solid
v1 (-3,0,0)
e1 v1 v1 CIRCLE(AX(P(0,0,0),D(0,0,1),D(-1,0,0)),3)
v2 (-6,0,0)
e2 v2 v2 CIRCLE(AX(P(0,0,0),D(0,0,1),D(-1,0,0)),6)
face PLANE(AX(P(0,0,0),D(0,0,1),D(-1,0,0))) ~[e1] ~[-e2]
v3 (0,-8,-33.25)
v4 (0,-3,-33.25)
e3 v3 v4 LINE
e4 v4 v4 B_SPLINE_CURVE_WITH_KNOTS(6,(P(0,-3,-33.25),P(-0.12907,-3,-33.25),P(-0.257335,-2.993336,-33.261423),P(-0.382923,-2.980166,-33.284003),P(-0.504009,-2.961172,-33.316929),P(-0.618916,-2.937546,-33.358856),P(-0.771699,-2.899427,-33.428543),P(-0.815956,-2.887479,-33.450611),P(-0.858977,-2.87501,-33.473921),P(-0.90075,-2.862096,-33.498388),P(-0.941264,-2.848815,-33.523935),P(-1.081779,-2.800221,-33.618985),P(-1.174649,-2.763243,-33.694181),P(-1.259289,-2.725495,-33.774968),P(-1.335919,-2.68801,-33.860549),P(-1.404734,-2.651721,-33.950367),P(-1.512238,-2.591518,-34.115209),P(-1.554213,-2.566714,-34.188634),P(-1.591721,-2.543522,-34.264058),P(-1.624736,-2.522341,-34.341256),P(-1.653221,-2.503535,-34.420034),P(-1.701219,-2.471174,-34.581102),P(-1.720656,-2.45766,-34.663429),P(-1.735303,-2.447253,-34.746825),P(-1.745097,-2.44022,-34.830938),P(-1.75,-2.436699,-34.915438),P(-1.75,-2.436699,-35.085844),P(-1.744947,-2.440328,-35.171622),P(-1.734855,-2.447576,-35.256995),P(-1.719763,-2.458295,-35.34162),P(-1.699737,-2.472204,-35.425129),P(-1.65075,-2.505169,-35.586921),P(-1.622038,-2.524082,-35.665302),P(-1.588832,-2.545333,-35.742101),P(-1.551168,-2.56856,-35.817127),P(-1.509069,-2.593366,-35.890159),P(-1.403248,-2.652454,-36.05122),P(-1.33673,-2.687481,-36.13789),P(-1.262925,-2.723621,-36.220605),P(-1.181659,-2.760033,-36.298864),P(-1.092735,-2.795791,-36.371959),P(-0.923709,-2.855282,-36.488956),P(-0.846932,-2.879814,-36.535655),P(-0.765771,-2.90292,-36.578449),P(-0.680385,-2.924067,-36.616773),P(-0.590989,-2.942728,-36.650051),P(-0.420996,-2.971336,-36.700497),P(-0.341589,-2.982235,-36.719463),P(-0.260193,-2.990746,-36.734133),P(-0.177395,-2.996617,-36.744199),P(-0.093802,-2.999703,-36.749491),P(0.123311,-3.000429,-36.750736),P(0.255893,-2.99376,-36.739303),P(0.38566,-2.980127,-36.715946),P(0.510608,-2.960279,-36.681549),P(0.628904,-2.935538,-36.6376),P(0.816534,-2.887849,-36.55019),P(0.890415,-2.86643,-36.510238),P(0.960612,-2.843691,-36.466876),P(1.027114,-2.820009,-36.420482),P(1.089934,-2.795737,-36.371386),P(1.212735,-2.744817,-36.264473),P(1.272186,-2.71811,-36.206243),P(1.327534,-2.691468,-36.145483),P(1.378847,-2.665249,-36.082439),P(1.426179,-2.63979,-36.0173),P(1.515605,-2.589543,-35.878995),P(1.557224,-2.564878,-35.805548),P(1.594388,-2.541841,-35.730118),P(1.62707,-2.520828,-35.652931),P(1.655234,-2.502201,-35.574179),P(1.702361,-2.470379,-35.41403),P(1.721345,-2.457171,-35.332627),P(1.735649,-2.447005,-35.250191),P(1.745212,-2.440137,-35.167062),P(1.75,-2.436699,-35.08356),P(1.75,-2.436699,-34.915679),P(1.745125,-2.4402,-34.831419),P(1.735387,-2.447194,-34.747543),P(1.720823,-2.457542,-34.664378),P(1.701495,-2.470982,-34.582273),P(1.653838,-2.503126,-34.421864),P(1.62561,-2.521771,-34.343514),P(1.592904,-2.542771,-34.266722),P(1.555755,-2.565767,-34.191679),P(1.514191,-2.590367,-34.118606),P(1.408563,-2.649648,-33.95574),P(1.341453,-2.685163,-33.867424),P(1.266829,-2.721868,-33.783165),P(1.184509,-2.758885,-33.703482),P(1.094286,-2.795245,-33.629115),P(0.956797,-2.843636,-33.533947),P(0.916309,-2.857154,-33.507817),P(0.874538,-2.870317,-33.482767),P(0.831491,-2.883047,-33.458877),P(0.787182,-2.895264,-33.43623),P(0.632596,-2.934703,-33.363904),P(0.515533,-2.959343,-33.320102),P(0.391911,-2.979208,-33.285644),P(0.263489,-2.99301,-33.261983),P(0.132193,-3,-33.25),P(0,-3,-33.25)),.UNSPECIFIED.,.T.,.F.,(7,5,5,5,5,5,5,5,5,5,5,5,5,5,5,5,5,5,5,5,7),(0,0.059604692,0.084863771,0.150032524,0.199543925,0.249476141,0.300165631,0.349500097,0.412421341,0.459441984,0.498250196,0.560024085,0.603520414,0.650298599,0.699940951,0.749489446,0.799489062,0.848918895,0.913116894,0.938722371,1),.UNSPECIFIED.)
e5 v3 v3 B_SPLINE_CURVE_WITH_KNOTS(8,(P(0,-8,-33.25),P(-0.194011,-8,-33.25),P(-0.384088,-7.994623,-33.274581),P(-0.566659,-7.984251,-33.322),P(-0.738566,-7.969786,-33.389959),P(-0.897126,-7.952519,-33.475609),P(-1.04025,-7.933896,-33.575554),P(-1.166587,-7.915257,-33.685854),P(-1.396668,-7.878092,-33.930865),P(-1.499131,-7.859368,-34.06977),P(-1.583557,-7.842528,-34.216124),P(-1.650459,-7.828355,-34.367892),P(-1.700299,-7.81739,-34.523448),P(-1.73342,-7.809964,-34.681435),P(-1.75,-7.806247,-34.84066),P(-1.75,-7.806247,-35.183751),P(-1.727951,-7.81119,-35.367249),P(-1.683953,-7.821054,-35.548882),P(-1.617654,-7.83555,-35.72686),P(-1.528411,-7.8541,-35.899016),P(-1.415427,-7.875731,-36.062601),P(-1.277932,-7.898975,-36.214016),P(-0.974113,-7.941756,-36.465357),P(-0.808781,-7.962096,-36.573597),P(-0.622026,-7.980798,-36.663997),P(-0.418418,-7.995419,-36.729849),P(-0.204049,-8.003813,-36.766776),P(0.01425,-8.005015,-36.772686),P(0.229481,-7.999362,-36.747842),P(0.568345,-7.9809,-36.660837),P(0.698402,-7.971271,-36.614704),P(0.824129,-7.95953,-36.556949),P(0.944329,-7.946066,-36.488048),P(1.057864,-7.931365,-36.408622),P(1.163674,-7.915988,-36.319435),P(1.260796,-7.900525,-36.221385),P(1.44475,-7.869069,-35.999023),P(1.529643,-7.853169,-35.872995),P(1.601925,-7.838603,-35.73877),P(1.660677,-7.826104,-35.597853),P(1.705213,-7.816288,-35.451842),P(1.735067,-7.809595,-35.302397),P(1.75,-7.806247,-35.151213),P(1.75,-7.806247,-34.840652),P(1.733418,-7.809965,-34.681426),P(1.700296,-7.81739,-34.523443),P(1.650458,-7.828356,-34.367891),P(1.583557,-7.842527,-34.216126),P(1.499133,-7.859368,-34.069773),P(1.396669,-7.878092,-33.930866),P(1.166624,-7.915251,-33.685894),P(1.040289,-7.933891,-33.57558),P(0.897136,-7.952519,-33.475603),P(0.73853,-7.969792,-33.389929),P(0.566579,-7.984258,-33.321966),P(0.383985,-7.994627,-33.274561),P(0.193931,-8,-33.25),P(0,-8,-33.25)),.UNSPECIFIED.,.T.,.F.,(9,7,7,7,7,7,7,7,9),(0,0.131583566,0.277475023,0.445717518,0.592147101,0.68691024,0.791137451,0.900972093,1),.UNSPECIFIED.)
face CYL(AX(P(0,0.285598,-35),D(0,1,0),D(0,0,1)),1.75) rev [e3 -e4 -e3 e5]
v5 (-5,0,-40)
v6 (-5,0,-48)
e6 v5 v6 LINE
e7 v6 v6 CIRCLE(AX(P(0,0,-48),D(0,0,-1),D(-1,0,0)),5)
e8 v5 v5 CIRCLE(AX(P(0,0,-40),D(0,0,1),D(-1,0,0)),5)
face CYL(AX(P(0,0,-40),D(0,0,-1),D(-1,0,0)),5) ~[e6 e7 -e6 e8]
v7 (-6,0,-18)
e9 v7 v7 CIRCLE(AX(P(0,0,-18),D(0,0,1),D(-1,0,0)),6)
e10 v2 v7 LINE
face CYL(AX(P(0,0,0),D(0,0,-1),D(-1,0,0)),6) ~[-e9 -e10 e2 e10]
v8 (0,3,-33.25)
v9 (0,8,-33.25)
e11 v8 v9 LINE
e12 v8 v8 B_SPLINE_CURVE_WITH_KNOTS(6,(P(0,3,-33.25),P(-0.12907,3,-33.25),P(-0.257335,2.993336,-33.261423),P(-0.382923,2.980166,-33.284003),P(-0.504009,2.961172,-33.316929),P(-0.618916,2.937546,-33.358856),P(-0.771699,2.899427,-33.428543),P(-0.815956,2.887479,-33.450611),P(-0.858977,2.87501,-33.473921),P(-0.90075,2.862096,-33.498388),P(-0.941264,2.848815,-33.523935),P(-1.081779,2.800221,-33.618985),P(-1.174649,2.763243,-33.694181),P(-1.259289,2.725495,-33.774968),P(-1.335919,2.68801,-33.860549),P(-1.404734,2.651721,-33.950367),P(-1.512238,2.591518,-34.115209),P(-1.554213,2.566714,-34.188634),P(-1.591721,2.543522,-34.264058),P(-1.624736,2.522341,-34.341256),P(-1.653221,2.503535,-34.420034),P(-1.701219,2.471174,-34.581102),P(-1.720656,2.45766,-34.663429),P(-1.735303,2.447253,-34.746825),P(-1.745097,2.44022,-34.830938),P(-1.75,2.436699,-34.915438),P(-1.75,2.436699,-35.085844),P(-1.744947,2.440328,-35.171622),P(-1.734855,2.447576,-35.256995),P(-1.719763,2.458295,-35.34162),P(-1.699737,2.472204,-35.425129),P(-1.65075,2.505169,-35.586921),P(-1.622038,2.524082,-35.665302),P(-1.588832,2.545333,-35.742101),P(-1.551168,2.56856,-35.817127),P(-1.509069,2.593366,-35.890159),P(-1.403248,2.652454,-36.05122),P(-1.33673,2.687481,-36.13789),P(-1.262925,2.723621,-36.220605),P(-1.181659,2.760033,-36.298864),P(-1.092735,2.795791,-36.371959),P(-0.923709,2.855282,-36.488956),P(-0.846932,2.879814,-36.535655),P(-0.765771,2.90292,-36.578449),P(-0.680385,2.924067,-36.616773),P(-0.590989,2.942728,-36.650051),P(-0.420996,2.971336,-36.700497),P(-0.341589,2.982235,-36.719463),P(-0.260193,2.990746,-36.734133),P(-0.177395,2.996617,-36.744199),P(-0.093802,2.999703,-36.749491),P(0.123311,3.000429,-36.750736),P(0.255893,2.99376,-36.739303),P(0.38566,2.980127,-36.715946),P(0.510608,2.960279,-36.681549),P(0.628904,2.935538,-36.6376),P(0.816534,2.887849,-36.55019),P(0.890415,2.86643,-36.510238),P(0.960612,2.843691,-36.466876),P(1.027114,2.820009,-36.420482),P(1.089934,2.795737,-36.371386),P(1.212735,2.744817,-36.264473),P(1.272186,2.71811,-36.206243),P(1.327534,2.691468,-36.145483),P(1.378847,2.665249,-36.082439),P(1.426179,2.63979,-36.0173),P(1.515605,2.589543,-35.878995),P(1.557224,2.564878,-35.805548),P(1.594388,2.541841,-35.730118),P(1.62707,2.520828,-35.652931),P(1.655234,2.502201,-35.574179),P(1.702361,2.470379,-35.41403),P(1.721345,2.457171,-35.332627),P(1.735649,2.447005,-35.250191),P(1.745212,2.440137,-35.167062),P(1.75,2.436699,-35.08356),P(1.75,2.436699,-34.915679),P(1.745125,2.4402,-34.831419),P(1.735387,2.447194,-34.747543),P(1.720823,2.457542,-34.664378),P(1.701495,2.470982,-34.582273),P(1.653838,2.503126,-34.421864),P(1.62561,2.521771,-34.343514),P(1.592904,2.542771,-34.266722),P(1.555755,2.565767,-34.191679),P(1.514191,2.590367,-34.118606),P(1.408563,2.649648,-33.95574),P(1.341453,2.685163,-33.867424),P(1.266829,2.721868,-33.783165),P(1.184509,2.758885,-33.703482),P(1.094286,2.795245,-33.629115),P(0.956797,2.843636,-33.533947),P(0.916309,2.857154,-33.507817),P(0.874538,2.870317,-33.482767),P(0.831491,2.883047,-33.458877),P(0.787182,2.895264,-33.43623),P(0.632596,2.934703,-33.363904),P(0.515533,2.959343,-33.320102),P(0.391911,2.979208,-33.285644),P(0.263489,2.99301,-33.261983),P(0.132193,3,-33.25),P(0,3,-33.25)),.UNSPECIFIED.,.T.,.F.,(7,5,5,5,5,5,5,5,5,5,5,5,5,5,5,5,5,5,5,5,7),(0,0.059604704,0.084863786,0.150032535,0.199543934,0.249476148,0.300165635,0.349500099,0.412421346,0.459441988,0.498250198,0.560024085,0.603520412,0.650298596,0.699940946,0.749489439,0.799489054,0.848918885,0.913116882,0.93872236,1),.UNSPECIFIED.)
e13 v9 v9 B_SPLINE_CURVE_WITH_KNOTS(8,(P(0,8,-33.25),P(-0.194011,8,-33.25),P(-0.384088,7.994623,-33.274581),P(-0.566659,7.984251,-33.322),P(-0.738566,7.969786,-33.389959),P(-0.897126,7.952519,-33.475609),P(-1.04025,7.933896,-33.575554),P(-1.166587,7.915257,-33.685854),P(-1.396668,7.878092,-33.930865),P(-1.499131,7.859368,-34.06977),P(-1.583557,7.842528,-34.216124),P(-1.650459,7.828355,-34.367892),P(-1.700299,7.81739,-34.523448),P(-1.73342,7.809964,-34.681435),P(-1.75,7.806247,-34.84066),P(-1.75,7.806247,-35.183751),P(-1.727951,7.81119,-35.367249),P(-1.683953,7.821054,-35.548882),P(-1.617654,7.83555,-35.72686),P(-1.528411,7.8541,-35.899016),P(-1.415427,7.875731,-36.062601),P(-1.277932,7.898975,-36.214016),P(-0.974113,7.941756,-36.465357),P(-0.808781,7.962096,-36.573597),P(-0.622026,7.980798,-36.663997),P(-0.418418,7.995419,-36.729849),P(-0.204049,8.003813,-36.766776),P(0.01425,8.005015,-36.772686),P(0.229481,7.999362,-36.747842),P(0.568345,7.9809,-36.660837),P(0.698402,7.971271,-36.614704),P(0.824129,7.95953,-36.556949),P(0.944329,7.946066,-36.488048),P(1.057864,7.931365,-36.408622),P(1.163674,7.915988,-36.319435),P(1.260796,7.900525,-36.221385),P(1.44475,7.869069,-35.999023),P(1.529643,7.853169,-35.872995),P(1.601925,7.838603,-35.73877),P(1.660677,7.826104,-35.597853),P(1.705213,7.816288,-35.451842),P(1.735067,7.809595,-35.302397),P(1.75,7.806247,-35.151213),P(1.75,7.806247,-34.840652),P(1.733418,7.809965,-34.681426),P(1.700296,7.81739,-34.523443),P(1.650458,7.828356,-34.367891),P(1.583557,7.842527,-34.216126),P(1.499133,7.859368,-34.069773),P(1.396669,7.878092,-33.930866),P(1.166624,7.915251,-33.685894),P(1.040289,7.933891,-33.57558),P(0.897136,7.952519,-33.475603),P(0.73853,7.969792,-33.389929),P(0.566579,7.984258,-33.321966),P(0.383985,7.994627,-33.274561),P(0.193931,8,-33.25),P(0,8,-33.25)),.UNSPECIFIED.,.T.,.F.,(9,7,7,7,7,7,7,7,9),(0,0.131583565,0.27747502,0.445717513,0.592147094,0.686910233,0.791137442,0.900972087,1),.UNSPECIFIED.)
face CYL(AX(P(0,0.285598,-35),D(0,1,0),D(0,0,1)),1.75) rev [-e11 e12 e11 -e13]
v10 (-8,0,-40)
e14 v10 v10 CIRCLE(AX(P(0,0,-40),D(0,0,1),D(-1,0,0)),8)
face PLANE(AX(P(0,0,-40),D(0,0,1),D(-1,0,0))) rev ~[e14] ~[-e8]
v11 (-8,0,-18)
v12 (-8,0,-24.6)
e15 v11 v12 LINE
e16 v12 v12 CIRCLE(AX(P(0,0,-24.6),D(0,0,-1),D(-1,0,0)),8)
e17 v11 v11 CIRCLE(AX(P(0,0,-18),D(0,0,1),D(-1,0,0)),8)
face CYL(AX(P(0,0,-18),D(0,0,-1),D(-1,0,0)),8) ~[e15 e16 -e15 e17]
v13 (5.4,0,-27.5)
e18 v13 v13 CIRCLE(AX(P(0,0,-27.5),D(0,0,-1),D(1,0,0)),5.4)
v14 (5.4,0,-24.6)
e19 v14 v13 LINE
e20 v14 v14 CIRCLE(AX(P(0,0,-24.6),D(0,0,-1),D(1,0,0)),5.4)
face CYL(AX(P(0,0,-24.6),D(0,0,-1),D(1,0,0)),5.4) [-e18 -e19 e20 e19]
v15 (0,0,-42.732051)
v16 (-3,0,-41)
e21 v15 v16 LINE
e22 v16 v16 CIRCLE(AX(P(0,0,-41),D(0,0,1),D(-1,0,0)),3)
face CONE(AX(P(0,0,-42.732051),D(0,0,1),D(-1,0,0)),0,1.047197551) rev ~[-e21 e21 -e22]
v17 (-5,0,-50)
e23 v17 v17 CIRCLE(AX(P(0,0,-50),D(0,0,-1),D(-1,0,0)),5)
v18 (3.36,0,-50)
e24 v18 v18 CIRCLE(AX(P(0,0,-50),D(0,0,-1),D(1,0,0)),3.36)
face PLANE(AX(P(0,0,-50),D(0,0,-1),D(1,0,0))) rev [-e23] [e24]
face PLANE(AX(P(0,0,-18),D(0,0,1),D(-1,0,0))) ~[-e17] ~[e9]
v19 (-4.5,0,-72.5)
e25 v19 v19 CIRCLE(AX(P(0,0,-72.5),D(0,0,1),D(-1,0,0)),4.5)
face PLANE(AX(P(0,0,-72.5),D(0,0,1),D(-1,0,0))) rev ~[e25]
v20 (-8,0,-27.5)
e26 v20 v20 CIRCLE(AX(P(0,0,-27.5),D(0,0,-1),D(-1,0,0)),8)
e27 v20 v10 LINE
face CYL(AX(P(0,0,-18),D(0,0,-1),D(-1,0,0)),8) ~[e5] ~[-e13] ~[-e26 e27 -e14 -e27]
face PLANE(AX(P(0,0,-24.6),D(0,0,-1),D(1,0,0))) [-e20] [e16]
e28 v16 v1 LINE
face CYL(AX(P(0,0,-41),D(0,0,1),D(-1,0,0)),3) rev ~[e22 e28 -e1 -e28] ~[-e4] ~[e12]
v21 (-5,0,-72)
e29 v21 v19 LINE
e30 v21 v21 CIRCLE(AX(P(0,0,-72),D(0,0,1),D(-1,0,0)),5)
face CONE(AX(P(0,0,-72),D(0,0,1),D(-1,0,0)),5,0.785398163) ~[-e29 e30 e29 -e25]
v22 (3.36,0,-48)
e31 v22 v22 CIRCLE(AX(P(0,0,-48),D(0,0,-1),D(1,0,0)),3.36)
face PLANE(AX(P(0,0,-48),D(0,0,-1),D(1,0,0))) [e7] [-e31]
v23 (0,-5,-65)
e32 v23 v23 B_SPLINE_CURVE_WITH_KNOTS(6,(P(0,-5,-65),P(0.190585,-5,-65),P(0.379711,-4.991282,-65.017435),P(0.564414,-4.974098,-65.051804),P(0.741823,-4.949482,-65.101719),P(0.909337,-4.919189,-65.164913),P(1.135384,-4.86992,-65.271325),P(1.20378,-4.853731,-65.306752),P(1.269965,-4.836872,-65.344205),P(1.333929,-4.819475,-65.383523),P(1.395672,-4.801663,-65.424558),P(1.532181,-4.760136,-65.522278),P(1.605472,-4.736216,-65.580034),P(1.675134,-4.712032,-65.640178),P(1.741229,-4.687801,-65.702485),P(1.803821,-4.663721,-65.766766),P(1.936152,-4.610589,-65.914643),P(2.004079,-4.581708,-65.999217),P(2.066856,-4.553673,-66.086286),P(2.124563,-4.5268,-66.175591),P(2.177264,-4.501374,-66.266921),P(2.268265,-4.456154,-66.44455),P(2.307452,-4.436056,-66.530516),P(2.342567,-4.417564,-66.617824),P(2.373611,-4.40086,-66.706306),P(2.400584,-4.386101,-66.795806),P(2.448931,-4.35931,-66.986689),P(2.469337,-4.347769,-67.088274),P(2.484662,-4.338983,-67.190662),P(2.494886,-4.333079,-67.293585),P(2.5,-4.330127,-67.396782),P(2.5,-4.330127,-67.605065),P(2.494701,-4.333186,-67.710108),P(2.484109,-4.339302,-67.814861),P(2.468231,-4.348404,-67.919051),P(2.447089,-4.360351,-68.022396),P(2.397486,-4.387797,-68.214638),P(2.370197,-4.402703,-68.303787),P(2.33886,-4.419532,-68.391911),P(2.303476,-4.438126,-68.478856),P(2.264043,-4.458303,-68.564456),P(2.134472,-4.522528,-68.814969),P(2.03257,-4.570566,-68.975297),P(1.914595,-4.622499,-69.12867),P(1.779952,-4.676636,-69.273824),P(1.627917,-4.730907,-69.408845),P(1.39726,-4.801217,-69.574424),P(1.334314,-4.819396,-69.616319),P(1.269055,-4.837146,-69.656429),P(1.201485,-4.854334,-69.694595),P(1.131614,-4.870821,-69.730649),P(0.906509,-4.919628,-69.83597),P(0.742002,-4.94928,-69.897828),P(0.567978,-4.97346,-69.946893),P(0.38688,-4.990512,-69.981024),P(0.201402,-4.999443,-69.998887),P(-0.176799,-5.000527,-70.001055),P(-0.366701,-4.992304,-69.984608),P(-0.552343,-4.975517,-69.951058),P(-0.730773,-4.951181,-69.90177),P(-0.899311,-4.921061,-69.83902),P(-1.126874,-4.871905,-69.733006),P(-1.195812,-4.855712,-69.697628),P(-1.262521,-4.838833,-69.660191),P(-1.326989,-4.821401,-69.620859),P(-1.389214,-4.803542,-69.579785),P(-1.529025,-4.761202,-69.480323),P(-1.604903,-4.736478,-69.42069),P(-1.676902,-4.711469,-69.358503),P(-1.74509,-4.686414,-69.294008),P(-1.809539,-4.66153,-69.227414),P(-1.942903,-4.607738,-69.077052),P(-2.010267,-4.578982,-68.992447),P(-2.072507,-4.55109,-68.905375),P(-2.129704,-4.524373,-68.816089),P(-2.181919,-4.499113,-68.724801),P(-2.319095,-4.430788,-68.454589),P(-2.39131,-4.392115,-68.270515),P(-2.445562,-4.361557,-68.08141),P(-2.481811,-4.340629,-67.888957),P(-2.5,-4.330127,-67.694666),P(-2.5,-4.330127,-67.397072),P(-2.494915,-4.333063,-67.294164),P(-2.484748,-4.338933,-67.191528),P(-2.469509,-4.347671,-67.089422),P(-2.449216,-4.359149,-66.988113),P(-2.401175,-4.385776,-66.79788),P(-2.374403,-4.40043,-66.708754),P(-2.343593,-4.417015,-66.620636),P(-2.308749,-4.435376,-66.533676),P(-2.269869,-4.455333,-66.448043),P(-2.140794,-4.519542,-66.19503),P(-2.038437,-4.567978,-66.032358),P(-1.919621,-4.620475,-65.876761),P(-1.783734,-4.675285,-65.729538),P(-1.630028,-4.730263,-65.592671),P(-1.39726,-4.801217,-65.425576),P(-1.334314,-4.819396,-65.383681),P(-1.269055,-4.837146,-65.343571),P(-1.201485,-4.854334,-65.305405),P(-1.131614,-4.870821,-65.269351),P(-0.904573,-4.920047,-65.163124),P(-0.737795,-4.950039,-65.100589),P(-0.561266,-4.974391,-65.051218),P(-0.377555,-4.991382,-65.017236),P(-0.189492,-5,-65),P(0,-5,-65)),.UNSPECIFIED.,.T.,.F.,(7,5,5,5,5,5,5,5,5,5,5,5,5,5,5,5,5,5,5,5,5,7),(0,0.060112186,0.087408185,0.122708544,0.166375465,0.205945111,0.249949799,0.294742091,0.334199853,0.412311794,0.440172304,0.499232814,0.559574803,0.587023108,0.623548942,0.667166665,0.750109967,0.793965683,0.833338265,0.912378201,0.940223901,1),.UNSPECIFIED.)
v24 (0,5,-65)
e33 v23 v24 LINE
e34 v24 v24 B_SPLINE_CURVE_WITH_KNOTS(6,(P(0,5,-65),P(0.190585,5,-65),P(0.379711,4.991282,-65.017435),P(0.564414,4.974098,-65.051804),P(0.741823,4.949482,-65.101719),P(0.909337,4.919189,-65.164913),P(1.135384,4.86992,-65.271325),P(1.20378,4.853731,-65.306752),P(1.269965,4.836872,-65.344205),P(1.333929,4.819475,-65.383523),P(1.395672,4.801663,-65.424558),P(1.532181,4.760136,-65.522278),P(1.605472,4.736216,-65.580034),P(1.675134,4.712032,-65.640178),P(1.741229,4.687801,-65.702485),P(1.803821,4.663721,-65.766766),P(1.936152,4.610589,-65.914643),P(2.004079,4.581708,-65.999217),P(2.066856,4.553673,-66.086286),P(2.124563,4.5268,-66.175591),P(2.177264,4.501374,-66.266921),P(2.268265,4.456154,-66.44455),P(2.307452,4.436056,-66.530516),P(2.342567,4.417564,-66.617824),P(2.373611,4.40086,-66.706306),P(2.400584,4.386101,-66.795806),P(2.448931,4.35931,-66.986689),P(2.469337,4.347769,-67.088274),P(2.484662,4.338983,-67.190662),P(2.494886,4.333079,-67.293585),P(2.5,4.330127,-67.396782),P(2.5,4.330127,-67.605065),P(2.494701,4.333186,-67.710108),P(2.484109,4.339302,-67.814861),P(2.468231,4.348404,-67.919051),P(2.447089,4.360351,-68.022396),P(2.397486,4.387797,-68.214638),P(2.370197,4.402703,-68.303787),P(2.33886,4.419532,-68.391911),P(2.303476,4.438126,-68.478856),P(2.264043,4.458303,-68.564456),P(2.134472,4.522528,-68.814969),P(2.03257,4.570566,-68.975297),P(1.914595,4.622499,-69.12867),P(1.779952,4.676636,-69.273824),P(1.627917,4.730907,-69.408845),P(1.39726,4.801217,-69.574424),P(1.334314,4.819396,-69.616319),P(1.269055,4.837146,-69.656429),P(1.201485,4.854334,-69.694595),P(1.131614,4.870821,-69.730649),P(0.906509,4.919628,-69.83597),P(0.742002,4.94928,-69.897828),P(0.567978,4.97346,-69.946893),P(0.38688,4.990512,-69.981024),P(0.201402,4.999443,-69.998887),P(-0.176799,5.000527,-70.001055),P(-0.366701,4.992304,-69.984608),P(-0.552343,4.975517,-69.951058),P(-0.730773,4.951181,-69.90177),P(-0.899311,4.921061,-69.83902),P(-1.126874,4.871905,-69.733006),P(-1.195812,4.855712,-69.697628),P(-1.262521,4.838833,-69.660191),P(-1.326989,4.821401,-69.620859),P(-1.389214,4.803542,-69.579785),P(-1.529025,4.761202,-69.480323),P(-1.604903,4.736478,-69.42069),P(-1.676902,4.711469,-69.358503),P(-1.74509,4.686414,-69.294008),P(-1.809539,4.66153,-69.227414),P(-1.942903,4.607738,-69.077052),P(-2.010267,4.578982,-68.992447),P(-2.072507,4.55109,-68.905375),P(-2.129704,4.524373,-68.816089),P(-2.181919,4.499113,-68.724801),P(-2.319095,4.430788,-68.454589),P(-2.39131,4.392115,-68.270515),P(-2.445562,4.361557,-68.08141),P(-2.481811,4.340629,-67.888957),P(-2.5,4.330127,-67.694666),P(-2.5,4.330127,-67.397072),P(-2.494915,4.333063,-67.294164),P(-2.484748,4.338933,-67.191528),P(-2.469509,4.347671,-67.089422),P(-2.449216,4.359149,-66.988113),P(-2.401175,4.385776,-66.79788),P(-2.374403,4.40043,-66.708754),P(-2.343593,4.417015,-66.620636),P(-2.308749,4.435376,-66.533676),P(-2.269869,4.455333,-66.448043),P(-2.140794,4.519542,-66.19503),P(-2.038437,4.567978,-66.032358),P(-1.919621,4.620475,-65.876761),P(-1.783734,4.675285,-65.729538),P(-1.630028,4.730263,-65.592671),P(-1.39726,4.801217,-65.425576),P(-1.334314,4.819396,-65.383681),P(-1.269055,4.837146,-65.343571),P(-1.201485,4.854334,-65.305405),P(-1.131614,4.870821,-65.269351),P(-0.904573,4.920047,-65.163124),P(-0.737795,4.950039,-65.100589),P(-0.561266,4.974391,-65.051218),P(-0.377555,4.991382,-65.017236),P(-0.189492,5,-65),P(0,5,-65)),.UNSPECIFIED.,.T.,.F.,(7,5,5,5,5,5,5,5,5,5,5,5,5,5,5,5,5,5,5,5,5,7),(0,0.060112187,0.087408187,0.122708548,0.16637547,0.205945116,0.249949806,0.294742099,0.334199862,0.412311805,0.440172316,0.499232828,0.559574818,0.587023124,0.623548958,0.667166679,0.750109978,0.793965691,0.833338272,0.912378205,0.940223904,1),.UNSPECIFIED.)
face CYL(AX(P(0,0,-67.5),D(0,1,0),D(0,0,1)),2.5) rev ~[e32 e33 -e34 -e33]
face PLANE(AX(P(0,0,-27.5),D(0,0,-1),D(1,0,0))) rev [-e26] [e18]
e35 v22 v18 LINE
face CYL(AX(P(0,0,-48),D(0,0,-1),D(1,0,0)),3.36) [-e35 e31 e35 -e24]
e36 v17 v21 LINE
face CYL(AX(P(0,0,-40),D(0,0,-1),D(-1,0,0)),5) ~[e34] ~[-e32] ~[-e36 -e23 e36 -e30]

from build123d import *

# Parameters (mm, degrees)
ESQUISSE3_W             = 1.75
ESQUISSE3_H             = 18.21482984
CHANFREIN1_SIZE         = 0.5
ESQUISSE6_R             = 2.5
ENL_V_MAT_EXTRU_1_DEPTH = 7.5


with BuildPart() as part:
    # Esquisse2 → Base-Révolution (revolve)
    with BuildSketch(Plane(origin=(0, 0, 0), x_dir=(0, 0, -1), z_dir=(1, 0, 0))):
        Polygon((0, -3), (0, -6), (18, -6), (18, -8), (40, -8), (40, -5), (72.5, -5), (72.5, 0), (42.732050808, 0), (41, -3), align=None)
    revolve(axis=Axis((0, 0, 0), (0, 0, 1)))

    # Esquisse3 → Enlèvement de matière-Révolution1 (revolve, cut)
    with BuildSketch(Plane(origin=(0, 0, -35), x_dir=(-1, 0, 0), z_dir=(0, 0, -1))):
        with Locations((-0.875, 0.285598377)):
            Rectangle(ESQUISSE3_W, ESQUISSE3_H)
    revolve(axis=Axis((0, 0, -35), (0, -1, 0)), mode=Mode.SUBTRACT)

    # Chanfrein1
    chanfrein1_edges = [part.edges().sort_by_distance(p)[0] for p in [
        (0, 5, -72.5),
    ]]
    chamfer(chanfrein1_edges, length=CHANFREIN1_SIZE)

    # Esquisse6 → Enlèv. mat.-Extru.1 (cut, symmetric)
    with BuildSketch(Plane(origin=(0, 0, 0), x_dir=(1, 0, 0), z_dir=(0, 1, 0))):
        with Locations((0, 67.5)):
            Circle(ESQUISSE6_R)
    extrude(amount=ENL_V_MAT_EXTRU_1_DEPTH, both=True, mode=Mode.SUBTRACT)

    # Esquisse5 → Enlèvement de matière-Révolution3 (revolve, cut)
    with BuildSketch(Plane(origin=(0, 0, 0), x_dir=(0, 0, -1), z_dir=(1, 0, 0))):
        Polygon((24.6, 30), (24.6, 5.4), (27.5, 5.4), (27.5, 20), (48, 20), (48, 3.36), (50, 3.36), (50, 30), align=None)
    revolve(axis=Axis((0, 0, 18.428634536), (0, 0, -1)), mode=Mode.SUBTRACT)


solid = part.part
